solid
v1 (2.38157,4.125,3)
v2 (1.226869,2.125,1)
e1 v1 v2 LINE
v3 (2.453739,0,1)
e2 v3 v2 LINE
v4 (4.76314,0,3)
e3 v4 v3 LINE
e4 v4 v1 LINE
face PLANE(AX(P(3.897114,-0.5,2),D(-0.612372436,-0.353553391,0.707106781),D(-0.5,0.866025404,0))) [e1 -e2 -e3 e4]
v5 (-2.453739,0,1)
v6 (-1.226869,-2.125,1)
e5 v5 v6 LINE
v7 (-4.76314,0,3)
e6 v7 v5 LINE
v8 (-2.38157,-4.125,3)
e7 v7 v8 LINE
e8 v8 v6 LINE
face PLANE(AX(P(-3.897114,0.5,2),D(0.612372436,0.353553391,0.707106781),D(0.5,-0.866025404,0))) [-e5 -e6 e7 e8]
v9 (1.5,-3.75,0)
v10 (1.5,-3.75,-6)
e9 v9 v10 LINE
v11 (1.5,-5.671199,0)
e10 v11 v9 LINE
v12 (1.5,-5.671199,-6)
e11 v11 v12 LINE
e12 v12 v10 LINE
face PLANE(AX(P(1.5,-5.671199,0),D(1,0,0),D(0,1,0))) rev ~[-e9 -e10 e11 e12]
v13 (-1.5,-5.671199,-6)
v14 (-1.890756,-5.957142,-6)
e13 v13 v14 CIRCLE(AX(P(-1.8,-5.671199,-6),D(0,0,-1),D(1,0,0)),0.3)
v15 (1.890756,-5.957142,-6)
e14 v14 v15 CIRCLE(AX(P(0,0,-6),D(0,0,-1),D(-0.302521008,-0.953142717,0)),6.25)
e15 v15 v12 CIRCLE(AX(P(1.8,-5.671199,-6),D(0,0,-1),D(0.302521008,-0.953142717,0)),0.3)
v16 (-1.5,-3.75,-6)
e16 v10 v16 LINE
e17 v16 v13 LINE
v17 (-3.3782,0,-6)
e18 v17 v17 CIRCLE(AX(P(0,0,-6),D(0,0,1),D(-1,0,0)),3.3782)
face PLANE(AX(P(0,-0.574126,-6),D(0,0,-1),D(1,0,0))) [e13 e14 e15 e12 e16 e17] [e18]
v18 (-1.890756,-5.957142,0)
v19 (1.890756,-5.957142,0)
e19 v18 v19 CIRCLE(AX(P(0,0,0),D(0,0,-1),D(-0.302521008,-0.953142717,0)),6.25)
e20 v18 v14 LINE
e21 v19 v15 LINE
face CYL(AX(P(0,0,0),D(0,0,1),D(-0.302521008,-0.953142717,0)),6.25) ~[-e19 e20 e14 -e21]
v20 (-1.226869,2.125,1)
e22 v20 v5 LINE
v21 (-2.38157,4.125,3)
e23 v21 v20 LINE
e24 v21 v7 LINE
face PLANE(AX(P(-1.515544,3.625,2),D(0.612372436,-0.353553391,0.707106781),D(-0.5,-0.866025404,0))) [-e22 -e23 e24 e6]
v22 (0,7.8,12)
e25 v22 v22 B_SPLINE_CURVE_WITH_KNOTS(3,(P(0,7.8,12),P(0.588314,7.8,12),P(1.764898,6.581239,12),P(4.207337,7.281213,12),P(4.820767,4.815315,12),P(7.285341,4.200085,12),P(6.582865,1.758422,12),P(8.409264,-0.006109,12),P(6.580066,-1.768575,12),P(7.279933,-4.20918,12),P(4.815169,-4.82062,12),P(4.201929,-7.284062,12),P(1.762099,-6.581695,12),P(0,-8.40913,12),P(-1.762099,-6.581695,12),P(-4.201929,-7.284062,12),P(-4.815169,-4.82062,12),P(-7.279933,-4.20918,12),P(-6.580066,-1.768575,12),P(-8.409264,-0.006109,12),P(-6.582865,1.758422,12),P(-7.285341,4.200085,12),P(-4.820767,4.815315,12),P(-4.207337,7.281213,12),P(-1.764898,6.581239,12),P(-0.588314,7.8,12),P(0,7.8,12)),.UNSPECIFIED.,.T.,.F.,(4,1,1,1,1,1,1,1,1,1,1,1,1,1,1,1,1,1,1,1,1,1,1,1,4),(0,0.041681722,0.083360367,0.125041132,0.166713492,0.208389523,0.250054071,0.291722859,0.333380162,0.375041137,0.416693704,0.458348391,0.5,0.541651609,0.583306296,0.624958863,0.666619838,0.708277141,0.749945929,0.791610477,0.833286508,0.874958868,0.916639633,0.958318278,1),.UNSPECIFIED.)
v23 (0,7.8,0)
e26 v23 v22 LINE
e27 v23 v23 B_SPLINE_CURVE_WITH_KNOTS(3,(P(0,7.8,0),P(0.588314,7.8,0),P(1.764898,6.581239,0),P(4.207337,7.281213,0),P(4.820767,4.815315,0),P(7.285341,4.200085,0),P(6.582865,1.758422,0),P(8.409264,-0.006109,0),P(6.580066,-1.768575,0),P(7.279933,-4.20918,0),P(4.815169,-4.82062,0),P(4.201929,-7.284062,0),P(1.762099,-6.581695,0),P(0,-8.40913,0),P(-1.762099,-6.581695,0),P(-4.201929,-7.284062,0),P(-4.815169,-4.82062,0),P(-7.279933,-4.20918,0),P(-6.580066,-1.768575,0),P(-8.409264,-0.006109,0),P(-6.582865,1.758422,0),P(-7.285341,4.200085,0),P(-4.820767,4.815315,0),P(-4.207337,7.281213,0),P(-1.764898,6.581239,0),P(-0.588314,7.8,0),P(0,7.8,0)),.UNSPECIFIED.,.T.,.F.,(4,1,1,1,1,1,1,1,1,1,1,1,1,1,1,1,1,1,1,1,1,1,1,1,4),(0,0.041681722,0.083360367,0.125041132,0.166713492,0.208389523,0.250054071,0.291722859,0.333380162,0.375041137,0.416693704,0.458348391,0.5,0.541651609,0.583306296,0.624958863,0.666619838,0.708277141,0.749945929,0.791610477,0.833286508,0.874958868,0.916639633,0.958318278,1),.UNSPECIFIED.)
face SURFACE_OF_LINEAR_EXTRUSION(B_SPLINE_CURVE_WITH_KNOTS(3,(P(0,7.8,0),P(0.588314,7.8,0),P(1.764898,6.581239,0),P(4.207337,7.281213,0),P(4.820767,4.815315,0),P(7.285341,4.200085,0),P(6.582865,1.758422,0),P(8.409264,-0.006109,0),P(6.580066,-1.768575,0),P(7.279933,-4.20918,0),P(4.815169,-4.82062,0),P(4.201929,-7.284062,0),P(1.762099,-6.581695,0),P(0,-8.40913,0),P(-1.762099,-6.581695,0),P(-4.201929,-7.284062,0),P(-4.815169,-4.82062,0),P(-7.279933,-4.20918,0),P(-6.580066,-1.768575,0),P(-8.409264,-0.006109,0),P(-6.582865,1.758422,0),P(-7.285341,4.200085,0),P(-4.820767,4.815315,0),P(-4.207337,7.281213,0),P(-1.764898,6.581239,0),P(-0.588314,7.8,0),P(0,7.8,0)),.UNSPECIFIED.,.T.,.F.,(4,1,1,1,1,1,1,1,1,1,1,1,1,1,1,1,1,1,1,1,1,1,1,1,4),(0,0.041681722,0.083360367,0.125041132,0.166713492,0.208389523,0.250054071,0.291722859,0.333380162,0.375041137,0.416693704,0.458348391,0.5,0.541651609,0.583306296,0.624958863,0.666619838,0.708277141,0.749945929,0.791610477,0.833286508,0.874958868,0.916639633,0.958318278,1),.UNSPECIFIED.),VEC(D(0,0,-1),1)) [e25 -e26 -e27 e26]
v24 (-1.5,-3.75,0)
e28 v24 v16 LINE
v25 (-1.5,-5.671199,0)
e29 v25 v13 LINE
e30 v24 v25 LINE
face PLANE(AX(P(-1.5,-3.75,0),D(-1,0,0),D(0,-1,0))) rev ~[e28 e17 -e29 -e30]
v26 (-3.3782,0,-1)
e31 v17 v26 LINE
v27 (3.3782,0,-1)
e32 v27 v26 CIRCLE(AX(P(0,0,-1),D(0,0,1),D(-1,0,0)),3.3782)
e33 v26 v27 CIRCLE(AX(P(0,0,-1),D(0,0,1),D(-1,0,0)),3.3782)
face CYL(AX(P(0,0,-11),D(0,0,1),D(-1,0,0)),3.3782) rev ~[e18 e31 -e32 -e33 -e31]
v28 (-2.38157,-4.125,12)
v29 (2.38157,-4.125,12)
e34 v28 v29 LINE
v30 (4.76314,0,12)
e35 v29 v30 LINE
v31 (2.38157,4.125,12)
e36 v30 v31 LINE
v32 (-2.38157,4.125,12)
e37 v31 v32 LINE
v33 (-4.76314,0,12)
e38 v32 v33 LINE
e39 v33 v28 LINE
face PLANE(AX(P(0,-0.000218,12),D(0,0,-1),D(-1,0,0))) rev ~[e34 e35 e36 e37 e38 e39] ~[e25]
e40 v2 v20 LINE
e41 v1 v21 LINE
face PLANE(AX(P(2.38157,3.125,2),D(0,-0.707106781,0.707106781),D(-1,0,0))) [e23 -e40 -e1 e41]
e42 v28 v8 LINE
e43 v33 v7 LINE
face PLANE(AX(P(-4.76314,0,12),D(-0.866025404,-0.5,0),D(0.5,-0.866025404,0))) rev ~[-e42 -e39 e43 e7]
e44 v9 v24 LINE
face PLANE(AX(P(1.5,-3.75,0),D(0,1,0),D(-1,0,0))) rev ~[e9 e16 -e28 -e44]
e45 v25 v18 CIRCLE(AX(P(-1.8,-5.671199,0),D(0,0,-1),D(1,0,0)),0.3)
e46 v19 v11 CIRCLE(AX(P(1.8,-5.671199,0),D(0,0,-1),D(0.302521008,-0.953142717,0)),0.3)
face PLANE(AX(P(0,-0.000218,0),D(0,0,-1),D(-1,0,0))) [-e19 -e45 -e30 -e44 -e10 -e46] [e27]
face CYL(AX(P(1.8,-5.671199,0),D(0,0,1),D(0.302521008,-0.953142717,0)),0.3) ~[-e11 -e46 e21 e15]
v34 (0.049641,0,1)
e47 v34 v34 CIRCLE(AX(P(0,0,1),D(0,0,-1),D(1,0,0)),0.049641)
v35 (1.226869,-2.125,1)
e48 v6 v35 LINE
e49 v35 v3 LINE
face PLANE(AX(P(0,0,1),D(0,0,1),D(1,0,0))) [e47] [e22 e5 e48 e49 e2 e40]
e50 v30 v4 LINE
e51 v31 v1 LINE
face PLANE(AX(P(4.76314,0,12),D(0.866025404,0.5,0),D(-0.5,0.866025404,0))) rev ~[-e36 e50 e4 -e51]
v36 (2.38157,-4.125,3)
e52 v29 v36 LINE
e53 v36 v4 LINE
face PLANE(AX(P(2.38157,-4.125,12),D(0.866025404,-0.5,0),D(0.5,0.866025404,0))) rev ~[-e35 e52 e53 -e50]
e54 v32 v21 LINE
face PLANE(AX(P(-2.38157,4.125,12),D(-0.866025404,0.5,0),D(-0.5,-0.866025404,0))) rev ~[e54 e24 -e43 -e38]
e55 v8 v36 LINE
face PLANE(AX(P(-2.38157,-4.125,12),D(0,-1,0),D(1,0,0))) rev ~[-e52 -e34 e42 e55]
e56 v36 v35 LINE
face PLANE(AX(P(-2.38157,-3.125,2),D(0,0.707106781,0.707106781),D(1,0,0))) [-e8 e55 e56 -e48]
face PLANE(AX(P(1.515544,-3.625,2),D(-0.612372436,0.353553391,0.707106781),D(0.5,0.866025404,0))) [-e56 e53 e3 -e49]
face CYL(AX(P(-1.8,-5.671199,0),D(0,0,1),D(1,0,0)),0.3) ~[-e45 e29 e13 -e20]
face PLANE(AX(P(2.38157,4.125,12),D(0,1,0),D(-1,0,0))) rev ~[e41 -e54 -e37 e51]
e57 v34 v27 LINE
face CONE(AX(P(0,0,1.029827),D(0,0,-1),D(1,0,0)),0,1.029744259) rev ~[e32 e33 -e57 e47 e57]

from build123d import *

# Parameters (mm, degrees)
F0_R     = 6.25
F1_DEPTH = 12
F3_DEPTH = 6
F5_D     = 6.7564
F5_DEPTH = 5
F5_TIP   = 2.0298273432
F7_DEPTH = 11
F8_SIZE2 = 2
F8_SIZE  = 2


with BuildPart() as f1:
    # F0 (on Top) → F1 (new body)
    with BuildSketch(Plane.XY):
        with BuildLine():
            add(Edge.make_bspline(
                [(0, 7.8), (0.5883139084, 7.8), (1.7648983071, 6.581238644), (4.2073373033, 7.281213243), (4.8207666232, 4.8153151324), (7.2853412597, 4.2000850536), (6.5828646863, 1.758421816), (8.4092642189, -0.0061086196), (6.5800656799, -1.7685747108), (7.2799326458, -4.209179628), (4.8151686103, -4.820620006), (4.2019286894, -7.2840624881), (1.7620993007, -6.5816954962), (0, -8.4091297457), (-1.7620993007, -6.5816954962), (-4.2019286894, -7.2840624881), (-4.8151686103, -4.820620006), (-7.2799326458, -4.209179628), (-6.5800656799, -1.7685747108), (-8.4092642189, -0.0061086196), (-6.5828646863, 1.758421816), (-7.2853412597, 4.2000850536), (-4.8207666232, 4.8153151324), (-4.2073373033, 7.281213243), (-1.7648983071, 6.581238644), (-0.5883139084, 7.8), (0, 7.8)],
                knots=[0, 0, 0, 0, 0.0416817217, 0.0833603673, 0.125041132, 0.166713492, 0.2083895228, 0.2500540709, 0.2917228585, 0.3333801616, 0.3750411367, 0.4166937036, 0.4583483907, 0.5, 0.5416516093, 0.5833062964, 0.6249588633, 0.6666198384, 0.7082771415, 0.7499459291, 0.7916104772, 0.833286508, 0.874958868, 0.9166396327, 0.9583182783, 1, 1, 1, 1], degree=3))
        make_face()
        with Locations((0.0057487868, -0.0057487868)):
            Circle(F0_R, mode=Mode.SUBTRACT)
        with Locations((0.0057487868, -0.0057487868)):
            Circle(F0_R)
    extrude(amount=F1_DEPTH)

    # F2 (on face) → F3 (join)
    with BuildSketch(Plane(origin=(0, 0, 0), x_dir=(1, 0, 0), z_dir=(0, 0, -1))):
        with BuildLine():
            ThreePointArc((-1.5, 5.6711991677), (-1.6228374909, 5.913301306), (-1.8907563025, 5.9571419829))
            ThreePointArc((-1.8907563025, 5.9571419829), (0, -6.25), (1.8907563025, 5.9571419829))
            ThreePointArc((1.8907563025, 5.9571419829), (1.6228374909, 5.913301306), (1.5, 5.6711991677))
            Line((1.5, 5.6711991677), (1.5, 3.75))
            Line((1.5, 3.75), (-1.5, 3.75))
            Line((-1.5, 3.75), (-1.5, 5.6711991677))
        make_face()
    extrude(amount=F3_DEPTH)

    # F5
    with Locations(Plane(origin=(0, 0, -6), x_dir=(1, 0, 0), z_dir=(0, 0, -1))):
        with Locations((0, 0)):
            Hole(F5_D / 2, depth=F5_DEPTH)
            with Locations((0, 0, -(F5_DEPTH + F5_TIP / 2))):  # 118° drill point
                Cone(0, F5_D / 2, F5_TIP, mode=Mode.SUBTRACT)

    # F6 (on face) → F7 (cut)
    with BuildSketch(Plane.XY.offset(12)):
        Polygon((2.3815698604, 4.125), (-2.3815698604, 4.125), (-4.7631397208, 0), (-2.3815698604, -4.125), (2.3815698604, -4.125), (4.7631397208, 0), align=None)
    extrude(amount=-F7_DEPTH, mode=Mode.SUBTRACT)

    # F8
    f8_edges = [f1.edges().sort_by_distance(p)[0] for p in [
        (3.572355, 2.0625, 1),
        (0, 4.125, 1),
        (-3.572355, 2.0625, 1),
        (-3.572355, -2.0625, 1),
        (0, -4.125, 1),
        (3.572355, -2.0625, 1),
    ]]
    chamfer(f8_edges, length=F8_SIZE, length2=F8_SIZE2)


solid = f1.part
